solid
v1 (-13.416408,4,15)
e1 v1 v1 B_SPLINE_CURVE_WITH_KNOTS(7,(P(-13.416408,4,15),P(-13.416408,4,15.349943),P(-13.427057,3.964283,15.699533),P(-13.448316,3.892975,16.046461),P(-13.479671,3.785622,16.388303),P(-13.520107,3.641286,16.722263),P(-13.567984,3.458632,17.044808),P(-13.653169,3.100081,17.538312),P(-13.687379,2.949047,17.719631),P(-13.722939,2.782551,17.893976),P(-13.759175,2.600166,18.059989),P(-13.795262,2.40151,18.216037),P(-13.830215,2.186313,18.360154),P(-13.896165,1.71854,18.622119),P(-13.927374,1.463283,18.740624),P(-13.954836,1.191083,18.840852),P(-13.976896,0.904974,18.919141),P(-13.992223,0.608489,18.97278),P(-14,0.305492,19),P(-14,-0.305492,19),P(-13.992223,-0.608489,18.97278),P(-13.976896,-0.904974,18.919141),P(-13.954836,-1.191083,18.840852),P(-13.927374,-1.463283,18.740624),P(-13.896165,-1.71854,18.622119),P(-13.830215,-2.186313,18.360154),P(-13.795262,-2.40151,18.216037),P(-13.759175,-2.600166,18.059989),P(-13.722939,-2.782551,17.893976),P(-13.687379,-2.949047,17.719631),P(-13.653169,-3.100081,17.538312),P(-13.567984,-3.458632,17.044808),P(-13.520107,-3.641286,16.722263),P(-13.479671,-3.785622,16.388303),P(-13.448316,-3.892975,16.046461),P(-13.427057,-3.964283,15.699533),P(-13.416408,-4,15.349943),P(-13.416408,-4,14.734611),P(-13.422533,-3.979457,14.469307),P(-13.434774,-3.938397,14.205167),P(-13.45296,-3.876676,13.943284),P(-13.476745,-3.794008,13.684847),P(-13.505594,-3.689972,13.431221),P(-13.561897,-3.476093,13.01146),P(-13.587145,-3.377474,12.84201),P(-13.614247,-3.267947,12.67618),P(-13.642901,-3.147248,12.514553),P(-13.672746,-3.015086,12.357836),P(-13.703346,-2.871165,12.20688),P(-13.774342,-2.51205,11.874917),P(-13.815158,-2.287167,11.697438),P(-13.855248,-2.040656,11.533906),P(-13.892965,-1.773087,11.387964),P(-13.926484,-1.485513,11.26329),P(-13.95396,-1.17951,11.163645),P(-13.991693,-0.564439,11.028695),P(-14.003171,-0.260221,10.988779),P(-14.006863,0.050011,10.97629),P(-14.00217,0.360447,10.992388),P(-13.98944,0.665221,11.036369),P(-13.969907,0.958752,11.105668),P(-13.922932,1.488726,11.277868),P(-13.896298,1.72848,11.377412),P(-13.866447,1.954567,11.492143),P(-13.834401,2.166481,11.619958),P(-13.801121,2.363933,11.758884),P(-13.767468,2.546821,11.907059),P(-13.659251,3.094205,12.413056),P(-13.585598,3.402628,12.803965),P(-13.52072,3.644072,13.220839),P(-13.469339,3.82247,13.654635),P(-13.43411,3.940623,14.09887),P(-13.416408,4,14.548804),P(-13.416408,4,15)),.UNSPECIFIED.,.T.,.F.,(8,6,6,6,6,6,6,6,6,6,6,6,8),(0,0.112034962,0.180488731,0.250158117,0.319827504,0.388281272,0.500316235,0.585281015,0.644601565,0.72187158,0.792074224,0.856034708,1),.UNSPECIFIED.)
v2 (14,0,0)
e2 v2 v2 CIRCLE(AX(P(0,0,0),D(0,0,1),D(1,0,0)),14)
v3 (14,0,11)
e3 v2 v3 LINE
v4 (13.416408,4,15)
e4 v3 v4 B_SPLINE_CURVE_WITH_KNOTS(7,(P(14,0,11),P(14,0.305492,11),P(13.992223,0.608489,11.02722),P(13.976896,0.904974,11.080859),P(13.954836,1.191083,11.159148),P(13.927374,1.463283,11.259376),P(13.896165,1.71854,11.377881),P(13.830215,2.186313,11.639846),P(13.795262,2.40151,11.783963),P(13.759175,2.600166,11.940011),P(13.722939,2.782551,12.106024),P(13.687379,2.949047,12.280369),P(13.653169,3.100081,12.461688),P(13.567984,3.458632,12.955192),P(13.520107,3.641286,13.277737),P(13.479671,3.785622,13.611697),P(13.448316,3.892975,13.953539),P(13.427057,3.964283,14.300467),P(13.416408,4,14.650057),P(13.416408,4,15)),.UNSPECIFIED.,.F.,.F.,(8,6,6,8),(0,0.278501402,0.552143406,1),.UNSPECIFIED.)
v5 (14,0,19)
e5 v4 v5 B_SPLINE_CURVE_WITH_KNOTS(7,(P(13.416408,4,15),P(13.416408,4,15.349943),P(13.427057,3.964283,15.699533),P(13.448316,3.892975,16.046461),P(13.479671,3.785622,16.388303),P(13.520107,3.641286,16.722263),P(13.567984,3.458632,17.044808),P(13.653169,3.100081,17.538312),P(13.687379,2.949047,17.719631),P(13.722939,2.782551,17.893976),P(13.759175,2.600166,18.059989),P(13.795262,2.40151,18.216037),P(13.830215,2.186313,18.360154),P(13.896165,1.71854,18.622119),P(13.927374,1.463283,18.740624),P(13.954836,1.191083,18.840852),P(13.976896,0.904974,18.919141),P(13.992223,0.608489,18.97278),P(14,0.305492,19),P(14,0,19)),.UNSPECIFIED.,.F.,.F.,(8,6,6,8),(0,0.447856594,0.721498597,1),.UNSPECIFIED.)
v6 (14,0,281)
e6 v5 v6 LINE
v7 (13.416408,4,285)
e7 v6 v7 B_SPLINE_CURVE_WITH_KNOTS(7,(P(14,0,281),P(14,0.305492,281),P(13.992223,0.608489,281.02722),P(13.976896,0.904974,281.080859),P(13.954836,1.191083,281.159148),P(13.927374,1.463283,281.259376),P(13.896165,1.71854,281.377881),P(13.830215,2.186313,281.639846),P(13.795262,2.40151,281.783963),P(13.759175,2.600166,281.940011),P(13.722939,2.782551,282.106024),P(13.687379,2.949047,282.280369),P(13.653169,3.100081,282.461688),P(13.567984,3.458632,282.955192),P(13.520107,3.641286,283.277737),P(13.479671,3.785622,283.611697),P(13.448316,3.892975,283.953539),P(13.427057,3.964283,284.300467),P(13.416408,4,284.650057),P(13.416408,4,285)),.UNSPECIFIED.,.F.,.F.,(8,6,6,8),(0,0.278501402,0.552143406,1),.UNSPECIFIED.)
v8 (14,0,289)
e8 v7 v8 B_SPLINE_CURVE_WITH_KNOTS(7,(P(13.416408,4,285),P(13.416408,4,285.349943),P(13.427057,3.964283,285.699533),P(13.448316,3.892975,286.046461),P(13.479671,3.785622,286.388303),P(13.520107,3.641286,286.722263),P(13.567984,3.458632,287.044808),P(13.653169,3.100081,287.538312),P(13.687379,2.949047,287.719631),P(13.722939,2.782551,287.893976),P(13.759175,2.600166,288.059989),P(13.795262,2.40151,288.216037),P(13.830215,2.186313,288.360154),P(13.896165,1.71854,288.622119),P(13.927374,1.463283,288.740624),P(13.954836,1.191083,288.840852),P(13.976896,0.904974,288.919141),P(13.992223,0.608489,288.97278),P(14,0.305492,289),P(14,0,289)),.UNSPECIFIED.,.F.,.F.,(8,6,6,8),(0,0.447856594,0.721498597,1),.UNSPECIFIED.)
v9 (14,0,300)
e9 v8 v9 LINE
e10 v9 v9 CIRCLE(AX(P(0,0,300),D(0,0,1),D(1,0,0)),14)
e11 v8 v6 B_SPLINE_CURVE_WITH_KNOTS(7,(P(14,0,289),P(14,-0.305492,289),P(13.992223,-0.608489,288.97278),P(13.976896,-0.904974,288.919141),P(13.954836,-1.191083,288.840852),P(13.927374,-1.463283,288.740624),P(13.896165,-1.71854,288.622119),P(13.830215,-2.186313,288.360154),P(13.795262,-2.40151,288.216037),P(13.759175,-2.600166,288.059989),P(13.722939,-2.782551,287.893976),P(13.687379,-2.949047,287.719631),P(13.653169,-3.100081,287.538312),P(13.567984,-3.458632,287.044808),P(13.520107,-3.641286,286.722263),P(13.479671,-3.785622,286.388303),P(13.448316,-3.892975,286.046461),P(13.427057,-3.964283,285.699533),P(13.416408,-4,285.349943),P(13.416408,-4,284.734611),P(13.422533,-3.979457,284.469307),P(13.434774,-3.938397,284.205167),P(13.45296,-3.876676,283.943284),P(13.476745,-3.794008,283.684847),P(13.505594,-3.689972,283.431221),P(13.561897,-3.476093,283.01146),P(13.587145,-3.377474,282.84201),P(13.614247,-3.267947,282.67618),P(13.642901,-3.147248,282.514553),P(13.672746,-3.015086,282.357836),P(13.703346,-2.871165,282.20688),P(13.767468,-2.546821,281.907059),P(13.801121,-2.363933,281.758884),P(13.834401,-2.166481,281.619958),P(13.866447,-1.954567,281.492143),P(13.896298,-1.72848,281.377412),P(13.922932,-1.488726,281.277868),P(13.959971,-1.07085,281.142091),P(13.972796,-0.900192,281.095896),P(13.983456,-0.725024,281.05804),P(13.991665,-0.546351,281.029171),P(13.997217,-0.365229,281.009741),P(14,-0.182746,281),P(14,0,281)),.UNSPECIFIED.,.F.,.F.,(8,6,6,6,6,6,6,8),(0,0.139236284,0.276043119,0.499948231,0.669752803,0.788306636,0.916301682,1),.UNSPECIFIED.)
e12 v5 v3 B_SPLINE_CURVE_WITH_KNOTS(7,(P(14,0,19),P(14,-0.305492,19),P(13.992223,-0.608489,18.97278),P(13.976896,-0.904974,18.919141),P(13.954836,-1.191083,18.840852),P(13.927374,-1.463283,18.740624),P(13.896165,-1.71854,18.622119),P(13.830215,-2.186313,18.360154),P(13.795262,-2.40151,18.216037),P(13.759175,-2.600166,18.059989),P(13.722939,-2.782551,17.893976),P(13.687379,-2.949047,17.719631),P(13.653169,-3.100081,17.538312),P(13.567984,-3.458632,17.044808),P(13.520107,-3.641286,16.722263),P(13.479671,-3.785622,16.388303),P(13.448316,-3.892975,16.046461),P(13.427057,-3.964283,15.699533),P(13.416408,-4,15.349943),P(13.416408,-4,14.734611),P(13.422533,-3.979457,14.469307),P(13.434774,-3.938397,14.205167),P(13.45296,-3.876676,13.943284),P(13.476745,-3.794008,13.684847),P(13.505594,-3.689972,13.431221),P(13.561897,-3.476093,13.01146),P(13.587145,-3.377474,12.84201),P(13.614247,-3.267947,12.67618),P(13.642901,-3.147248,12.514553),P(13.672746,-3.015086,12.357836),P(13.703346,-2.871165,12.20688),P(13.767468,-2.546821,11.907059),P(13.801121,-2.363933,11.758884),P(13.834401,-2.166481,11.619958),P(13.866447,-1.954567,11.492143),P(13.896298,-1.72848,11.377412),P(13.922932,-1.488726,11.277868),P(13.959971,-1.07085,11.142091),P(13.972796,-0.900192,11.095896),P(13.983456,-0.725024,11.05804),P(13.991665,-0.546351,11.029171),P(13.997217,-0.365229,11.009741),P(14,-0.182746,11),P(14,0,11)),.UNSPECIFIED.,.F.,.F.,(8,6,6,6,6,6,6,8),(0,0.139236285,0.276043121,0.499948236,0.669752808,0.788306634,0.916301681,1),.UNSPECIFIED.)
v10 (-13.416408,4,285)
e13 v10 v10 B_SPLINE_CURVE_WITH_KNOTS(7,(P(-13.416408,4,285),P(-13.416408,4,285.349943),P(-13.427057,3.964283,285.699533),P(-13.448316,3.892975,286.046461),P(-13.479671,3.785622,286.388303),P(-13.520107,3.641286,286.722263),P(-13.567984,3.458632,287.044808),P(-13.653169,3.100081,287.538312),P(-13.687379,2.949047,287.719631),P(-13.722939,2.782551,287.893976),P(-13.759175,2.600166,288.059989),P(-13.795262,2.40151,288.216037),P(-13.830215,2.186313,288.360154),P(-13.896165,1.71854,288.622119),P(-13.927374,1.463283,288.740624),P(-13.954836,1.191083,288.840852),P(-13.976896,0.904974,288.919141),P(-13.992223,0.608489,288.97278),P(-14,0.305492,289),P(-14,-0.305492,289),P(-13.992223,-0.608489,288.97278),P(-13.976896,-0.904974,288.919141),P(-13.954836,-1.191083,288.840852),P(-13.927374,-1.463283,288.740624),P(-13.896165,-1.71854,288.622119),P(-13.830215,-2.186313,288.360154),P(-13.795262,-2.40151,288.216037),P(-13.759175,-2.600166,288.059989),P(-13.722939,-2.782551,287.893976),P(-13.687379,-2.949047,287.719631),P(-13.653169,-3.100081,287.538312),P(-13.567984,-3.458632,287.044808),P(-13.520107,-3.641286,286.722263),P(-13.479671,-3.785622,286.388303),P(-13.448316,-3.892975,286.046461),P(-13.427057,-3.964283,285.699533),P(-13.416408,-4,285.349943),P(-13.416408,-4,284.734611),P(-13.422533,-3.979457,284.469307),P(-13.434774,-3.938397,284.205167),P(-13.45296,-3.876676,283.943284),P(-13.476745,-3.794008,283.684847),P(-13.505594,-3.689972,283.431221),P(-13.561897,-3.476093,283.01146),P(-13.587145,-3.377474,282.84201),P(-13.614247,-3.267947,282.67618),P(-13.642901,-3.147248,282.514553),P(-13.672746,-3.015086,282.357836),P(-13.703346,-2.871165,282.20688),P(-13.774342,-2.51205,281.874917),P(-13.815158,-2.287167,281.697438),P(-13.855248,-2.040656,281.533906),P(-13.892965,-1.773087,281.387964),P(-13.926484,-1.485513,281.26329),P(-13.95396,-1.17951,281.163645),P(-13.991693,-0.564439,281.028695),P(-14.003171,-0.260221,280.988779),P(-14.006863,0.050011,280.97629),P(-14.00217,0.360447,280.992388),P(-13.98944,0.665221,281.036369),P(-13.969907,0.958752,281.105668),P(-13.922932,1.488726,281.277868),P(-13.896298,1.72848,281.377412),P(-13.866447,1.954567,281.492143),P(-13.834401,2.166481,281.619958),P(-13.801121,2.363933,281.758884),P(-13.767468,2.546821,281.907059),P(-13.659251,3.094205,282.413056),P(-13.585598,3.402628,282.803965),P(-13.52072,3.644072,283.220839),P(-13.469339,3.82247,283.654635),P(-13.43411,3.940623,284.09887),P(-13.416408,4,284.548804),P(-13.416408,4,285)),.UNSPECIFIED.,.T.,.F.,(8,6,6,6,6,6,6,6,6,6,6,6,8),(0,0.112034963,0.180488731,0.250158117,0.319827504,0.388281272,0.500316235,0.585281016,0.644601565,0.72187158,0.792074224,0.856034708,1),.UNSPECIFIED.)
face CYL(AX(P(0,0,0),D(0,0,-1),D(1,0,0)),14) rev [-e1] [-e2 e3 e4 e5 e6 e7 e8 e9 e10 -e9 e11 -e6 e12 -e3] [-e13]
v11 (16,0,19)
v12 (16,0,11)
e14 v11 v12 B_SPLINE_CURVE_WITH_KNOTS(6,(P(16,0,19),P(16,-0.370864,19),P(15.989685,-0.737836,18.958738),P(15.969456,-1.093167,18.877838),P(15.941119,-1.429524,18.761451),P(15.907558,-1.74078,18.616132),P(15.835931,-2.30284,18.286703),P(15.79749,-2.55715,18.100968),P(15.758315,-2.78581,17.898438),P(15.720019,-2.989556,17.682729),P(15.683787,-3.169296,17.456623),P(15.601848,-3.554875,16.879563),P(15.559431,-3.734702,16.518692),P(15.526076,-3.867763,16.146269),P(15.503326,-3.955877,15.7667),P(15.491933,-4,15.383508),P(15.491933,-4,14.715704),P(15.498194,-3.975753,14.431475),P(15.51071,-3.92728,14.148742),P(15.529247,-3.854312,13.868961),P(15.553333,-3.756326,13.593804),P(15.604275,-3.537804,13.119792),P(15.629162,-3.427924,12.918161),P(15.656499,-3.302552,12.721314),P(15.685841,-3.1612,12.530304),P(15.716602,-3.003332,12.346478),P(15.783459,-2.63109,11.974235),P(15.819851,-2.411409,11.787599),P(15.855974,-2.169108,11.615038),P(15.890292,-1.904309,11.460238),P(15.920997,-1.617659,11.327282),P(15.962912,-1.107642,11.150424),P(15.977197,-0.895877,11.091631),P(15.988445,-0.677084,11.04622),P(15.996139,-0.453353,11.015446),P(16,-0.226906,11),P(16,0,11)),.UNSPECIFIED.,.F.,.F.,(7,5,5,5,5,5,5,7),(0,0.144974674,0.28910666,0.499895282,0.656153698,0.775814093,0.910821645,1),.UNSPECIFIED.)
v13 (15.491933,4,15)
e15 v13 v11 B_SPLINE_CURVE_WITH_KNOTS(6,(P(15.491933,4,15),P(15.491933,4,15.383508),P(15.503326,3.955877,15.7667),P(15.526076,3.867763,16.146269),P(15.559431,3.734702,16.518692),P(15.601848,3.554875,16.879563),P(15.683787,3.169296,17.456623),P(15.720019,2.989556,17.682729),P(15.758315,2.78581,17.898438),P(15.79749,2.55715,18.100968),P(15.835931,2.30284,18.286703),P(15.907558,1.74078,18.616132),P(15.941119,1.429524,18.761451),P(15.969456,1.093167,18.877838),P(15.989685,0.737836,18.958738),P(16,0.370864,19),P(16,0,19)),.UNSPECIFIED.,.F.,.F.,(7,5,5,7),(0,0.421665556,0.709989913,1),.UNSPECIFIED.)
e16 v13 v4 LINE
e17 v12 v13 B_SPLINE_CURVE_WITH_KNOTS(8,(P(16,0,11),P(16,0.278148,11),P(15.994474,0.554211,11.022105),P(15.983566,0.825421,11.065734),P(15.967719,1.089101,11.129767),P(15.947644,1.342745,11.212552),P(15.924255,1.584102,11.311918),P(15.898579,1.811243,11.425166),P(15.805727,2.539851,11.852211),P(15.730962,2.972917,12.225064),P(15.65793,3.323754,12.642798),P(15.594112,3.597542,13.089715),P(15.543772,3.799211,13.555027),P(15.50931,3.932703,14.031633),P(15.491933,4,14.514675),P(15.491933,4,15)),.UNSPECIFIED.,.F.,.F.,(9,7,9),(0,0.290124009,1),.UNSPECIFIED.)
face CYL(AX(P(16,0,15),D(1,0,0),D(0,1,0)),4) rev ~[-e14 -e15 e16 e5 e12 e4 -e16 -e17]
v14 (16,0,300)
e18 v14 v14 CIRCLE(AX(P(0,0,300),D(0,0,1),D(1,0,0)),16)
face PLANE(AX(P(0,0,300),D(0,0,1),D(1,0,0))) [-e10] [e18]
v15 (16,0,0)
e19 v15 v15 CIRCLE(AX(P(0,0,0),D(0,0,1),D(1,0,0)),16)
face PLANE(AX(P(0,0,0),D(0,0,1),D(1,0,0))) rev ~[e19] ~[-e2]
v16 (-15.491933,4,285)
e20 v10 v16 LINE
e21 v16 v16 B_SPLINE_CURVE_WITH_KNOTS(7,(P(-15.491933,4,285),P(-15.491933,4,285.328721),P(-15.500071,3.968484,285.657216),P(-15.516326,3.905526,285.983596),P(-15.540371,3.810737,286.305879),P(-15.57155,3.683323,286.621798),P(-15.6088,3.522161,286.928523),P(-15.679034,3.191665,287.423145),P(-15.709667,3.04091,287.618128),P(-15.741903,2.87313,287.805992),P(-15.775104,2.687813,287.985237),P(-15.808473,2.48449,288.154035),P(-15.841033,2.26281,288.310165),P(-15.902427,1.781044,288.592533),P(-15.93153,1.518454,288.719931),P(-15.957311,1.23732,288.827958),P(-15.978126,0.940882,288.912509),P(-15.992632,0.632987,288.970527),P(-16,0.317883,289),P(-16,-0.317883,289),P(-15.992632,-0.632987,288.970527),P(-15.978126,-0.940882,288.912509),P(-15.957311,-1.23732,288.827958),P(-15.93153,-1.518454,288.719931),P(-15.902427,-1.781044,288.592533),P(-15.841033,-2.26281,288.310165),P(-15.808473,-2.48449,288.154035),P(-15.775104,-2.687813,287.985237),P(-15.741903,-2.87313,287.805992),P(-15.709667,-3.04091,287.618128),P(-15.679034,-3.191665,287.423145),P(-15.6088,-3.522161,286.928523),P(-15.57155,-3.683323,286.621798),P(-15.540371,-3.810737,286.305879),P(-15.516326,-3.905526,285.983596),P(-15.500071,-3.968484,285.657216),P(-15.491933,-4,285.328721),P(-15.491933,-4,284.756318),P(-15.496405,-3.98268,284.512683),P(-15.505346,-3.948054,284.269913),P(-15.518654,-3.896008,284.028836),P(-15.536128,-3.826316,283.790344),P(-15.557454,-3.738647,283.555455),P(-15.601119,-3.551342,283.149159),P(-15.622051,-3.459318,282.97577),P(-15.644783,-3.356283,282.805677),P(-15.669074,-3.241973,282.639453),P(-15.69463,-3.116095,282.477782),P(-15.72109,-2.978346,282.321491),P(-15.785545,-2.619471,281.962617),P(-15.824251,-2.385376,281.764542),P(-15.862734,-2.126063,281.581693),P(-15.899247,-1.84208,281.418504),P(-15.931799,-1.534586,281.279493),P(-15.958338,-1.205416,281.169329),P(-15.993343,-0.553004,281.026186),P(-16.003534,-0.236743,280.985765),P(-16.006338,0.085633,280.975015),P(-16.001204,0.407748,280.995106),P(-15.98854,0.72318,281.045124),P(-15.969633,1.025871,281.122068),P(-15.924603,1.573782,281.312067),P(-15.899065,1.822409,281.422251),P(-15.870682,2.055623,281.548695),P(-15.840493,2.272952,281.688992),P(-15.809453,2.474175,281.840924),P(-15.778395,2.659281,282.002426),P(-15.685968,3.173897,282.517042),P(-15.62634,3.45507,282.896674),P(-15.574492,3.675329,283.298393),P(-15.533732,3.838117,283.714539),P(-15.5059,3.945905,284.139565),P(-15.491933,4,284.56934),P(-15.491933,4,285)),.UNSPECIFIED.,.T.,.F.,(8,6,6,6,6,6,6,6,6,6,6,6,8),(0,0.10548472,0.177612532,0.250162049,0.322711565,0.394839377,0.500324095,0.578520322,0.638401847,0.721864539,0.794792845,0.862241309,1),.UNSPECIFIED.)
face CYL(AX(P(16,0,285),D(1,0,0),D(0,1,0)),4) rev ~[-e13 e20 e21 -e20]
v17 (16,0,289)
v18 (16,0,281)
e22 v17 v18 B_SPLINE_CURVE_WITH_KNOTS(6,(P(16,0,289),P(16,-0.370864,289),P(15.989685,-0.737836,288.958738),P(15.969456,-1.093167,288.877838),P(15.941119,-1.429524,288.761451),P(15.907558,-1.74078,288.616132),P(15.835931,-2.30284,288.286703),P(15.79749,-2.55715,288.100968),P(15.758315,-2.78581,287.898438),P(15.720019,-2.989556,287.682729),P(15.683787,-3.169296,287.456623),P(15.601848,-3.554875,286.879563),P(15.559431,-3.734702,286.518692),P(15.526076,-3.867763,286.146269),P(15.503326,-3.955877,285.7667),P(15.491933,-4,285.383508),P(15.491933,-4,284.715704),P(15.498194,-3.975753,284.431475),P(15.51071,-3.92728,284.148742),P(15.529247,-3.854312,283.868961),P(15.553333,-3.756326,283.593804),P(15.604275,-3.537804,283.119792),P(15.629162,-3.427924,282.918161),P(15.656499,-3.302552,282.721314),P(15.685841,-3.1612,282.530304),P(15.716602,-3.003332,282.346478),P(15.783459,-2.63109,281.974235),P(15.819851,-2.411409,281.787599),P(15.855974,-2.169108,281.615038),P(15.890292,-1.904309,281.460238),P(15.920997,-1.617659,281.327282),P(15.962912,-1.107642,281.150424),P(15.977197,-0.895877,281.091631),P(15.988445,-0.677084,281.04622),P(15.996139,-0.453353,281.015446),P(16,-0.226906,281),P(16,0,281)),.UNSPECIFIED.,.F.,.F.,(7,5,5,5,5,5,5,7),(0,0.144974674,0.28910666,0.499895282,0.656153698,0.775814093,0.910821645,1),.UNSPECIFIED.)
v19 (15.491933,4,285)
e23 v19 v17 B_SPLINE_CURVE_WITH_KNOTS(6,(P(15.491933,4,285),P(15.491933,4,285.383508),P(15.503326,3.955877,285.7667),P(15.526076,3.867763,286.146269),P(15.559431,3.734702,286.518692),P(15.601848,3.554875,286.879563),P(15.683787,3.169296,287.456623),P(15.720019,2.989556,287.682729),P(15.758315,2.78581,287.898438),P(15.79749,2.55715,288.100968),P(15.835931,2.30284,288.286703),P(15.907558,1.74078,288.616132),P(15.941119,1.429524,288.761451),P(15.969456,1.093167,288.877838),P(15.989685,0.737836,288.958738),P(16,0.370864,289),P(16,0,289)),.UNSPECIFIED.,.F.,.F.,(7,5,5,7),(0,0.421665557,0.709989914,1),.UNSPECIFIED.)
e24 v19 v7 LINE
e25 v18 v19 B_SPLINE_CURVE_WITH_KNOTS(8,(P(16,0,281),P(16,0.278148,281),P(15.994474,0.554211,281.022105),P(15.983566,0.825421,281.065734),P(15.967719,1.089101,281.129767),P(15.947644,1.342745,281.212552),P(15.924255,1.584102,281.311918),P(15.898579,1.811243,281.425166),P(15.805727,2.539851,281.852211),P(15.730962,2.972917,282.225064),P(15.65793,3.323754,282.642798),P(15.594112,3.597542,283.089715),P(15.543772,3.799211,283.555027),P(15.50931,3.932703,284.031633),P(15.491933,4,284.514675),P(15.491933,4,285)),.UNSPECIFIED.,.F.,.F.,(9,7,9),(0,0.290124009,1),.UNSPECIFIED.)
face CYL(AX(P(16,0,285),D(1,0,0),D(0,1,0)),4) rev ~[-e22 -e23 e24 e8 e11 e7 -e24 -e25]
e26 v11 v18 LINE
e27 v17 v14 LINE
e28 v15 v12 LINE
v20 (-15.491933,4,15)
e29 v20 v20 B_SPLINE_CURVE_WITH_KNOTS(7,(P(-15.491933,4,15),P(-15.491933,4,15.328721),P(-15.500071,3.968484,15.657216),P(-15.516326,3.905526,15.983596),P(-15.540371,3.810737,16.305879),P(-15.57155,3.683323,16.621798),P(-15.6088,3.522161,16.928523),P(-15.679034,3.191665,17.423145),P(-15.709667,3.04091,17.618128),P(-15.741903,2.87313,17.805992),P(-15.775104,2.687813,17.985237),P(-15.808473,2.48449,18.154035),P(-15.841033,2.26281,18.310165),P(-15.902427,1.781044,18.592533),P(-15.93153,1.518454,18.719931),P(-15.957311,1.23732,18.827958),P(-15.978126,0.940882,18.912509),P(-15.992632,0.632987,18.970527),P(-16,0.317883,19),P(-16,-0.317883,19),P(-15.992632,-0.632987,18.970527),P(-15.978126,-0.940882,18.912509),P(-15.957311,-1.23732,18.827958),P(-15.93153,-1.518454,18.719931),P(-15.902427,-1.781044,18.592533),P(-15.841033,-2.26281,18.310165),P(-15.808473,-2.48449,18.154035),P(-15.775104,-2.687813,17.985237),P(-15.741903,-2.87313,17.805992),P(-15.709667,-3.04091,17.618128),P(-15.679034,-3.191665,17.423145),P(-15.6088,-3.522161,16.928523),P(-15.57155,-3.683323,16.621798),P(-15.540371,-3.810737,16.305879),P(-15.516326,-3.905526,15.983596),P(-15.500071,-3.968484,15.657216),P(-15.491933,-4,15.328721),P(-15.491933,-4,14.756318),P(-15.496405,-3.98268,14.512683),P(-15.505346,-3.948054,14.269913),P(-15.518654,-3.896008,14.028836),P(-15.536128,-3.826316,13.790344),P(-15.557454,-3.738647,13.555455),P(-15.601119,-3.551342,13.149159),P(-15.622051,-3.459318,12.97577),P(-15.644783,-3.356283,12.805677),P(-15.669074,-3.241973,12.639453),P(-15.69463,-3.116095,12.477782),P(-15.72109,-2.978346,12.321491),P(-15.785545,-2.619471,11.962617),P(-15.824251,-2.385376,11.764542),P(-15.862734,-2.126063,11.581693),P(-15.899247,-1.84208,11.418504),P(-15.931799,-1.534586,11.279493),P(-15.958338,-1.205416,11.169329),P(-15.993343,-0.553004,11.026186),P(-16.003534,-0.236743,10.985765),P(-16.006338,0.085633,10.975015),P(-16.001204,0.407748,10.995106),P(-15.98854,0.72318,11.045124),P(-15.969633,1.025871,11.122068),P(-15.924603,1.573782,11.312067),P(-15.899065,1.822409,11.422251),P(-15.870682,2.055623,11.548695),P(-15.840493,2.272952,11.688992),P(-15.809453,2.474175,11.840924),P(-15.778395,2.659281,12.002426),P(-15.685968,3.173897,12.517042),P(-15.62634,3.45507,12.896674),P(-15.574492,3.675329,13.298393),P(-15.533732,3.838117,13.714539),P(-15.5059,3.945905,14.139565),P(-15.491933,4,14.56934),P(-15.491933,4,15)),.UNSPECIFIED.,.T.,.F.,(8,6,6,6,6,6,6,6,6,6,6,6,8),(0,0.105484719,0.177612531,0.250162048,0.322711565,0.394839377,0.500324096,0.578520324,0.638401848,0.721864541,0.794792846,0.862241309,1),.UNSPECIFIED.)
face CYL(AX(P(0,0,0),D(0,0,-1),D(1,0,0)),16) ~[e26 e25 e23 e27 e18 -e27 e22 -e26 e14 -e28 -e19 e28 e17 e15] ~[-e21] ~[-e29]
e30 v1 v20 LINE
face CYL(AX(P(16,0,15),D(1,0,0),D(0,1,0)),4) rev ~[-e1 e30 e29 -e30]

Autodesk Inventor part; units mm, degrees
ref_plane "XZ Plane" through (0, 0, 0) normal (0, 1, 0) x (-1, 0, 0)
ref_plane "XY Plane" through (0, 0, 0) normal (0, 0, 1) x (1, 0, 0)
sketch "Sketch1" plane through (0, 0, 0) normal (0, 0, 1) x (1, 0, 0)
  circle A0 centre (0, 0) radius 16
  circle A1 centre (0, 0) radius 14
  dimension "d0" = 32
  dimension "d3" = 28
extrude "Extrusion1" add sketch "Sketch1" along normal blind 300
ref_plane "Work Plane1" through (16, 0, 0) normal (1, 0, 0) x (0, 1, 0)
sketch "Sketch2" plane through (16, 0, 0) normal (1, 0, 0) x (0, 1, 0)
  circle A0 centre (0, 15) radius 4
  line L0 (0, -97.8) -> (0, 586.8) projected
  line L1 (16, 0) -> (-16, 0) projected
  circle A1 centre (0, 285) radius 4
  line L2 (16, 300) -> (-16, 300) projected
  point P0 (0, 0)
  dimension "d4" = 8
  dimension "d5" = 15
  dimension "d6" = 8
  dimension "d7" = 15
extrude "Extrusion2" cut sketch "Sketch2" against normal through all
properties part number "Steering PVC" material "PVC-Piping"
